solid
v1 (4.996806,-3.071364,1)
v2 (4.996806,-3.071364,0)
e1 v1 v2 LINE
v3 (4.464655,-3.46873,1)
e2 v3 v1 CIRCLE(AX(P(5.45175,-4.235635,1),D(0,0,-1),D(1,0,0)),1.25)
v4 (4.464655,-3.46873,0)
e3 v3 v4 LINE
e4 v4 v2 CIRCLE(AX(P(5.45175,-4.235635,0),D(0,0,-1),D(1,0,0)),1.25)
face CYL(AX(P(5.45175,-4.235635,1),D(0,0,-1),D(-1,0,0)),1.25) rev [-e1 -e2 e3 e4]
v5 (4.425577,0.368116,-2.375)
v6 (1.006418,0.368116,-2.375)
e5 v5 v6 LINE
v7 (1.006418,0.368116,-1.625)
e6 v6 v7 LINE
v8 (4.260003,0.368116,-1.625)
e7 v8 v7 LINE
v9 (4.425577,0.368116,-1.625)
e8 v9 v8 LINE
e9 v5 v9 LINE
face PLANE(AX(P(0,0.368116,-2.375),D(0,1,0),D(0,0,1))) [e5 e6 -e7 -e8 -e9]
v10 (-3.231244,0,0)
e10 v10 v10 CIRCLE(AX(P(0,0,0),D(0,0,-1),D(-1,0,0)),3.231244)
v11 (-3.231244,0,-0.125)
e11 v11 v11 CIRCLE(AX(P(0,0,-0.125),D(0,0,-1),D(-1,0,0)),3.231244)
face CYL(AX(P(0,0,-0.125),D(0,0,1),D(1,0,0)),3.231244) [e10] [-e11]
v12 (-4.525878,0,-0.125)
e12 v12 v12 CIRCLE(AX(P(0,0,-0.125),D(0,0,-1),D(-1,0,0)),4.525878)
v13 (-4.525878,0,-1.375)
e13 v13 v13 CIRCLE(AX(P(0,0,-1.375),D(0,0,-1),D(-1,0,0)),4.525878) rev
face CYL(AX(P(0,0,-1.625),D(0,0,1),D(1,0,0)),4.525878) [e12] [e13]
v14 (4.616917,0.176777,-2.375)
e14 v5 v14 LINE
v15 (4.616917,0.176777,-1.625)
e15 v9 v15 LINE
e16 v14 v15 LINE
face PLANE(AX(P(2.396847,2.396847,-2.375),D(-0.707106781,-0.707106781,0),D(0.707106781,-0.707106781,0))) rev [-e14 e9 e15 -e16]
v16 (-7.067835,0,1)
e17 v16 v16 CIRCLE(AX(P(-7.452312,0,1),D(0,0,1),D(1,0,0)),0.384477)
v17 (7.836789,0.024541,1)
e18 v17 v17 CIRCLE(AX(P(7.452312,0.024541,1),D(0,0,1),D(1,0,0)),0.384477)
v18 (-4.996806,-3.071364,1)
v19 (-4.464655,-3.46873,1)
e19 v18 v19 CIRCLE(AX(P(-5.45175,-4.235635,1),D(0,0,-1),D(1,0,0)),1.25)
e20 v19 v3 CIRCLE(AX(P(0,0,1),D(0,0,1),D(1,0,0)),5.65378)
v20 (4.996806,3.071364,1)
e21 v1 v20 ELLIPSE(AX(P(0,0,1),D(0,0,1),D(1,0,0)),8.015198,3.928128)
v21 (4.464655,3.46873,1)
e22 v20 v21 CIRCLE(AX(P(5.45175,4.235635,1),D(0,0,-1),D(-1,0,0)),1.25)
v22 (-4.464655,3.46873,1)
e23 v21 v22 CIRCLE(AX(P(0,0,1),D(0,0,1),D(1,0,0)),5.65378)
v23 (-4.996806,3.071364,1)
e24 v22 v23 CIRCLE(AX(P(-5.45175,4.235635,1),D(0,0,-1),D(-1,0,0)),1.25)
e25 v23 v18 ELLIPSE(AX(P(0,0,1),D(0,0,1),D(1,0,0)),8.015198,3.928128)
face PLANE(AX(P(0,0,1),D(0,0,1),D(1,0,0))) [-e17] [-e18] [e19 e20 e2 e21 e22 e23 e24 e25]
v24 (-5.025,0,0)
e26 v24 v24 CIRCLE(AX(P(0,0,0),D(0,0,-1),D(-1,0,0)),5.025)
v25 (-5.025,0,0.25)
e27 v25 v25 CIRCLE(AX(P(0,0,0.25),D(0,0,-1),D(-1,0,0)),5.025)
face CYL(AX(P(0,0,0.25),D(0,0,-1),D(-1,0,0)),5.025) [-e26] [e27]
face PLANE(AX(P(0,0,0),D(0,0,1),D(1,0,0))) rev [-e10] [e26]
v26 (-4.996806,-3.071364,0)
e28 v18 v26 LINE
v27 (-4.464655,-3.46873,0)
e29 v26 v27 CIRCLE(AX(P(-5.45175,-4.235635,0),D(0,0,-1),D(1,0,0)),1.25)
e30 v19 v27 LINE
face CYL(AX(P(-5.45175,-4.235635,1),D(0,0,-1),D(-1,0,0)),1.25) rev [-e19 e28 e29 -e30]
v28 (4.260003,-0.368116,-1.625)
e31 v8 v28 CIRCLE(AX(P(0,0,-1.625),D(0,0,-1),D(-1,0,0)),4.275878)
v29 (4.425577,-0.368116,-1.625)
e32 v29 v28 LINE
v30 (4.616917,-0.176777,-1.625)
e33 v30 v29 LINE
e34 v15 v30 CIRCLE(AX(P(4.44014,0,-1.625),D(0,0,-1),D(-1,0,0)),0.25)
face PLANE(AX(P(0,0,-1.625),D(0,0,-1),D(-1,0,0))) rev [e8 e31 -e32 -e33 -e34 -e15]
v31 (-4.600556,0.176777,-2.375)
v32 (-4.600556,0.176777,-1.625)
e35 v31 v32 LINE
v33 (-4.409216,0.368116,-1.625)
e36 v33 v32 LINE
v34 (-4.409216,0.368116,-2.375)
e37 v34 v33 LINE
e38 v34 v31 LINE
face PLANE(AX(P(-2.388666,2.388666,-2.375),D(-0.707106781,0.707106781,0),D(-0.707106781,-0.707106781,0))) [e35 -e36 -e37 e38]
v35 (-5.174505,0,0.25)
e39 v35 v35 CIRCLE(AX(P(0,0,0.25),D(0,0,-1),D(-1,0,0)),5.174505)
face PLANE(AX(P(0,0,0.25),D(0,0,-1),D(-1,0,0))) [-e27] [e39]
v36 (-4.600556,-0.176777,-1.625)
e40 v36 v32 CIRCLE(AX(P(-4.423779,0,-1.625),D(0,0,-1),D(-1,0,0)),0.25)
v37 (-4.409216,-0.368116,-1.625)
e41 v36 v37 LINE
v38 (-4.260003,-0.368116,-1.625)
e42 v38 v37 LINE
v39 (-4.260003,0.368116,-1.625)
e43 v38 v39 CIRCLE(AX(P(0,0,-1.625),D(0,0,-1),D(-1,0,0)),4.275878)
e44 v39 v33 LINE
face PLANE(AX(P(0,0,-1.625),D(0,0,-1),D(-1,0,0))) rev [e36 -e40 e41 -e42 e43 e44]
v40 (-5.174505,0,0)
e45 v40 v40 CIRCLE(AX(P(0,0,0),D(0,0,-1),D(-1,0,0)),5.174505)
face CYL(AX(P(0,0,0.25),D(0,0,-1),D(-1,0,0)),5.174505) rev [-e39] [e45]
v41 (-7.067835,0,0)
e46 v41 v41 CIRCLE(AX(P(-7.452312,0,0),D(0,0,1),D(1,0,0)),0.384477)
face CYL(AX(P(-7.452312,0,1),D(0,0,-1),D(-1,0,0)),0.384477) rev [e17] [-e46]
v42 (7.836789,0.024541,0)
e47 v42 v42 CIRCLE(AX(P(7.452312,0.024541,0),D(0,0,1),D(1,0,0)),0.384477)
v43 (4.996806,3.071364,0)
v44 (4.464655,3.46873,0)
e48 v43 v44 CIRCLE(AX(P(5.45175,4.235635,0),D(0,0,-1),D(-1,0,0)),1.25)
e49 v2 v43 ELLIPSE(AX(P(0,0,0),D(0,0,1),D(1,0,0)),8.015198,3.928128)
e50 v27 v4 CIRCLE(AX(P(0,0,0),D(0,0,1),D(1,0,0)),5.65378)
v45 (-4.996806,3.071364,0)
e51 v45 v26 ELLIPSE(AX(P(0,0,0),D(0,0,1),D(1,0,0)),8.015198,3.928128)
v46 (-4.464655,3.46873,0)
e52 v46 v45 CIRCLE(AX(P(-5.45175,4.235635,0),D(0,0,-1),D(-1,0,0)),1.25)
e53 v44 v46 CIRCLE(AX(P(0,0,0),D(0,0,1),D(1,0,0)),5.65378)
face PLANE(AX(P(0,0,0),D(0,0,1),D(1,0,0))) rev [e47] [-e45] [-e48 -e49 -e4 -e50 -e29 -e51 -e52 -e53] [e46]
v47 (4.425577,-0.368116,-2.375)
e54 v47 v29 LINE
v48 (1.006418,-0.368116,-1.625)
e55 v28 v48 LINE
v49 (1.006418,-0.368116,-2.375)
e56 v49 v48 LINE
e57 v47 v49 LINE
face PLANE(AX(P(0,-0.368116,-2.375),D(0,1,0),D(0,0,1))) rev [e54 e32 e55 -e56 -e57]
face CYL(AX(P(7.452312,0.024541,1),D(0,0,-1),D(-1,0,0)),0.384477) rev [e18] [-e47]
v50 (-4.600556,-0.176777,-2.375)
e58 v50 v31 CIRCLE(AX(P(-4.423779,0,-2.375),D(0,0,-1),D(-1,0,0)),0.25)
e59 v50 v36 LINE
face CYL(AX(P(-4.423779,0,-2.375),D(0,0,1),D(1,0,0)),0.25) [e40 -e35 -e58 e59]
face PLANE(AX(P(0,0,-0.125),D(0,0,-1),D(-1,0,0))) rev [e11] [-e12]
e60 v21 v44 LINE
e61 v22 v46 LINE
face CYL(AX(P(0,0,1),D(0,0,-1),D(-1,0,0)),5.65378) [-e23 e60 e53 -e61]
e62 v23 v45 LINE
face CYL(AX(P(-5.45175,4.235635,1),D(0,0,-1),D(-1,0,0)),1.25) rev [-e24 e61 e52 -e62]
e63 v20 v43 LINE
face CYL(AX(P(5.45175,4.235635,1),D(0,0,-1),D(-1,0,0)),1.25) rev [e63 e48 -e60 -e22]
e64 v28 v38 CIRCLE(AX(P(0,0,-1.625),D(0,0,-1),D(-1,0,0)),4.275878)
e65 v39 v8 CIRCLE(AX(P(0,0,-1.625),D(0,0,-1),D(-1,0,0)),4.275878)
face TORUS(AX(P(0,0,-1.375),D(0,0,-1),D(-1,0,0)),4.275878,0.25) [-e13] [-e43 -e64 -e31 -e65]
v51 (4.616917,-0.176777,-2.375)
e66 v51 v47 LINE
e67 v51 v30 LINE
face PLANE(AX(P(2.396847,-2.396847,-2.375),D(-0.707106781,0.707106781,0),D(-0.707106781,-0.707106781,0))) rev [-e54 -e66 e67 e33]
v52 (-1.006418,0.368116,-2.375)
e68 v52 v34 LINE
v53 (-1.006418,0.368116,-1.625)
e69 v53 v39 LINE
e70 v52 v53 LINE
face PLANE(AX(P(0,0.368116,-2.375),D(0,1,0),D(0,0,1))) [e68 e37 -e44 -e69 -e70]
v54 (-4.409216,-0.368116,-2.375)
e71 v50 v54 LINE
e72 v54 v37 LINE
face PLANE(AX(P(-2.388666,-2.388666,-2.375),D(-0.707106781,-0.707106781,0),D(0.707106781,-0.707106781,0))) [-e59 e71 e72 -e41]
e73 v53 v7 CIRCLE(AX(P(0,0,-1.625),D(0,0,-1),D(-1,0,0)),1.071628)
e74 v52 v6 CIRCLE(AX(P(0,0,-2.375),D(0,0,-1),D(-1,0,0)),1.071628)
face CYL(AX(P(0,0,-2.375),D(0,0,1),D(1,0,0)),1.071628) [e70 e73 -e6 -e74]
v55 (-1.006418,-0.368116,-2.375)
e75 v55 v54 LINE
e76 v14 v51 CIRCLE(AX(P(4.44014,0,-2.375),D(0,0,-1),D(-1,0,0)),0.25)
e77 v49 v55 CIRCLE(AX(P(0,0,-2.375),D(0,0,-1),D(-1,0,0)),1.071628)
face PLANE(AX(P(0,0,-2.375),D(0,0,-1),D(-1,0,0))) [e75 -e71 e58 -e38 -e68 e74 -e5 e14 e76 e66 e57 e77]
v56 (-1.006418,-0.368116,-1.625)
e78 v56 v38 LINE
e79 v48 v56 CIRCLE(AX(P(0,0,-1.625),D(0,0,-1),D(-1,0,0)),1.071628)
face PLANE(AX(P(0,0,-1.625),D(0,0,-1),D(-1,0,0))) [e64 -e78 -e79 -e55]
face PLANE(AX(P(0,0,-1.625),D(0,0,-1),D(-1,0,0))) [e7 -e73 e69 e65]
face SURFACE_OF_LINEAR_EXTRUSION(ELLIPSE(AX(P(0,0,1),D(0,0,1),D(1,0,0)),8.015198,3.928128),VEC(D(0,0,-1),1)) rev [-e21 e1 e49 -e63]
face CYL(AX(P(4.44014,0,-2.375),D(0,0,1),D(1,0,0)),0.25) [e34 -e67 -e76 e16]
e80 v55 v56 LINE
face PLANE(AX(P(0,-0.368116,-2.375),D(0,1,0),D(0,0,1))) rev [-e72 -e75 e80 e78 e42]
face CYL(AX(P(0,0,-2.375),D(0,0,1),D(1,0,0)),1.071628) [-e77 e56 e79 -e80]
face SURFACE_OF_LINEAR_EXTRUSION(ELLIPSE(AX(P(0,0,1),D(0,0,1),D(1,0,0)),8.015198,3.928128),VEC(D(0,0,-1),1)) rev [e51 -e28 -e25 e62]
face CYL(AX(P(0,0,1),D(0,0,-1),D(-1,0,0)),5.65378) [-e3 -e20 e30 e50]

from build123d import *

# Parameters (mm, degrees)
SKETCH1_R           = 1.537908455
BOSS_EXTRUDE1_DEPTH = 4
SKETCH2_R           = 20.698021895
SKETCH2_R_2         = 20.1
CUT_EXTRUDE1_DEPTH  = 1
SKETCH3_R           = 12.92497531
BOSS_EXTRUDE2_DEPTH = 0.5
SKETCH4_R           = 18.103513597
BOSS_EXTRUDE3_DEPTH = 6
FILLET1_R           = 1
BOSS_EXTRUDE4_DEPTH = 3
SCALE2_SCALE        = 0.5
SCALE3_SCALE        = 0.5


with BuildPart() as part:
    # Sketch1 → Boss-Extrude1 (new body)
    with BuildSketch(Plane.XY):
        with BuildLine():
            ThreePointArc((-17.85861924, -13.874920024), (0, -22.615120756), (17.85861924, -13.874920024))
            ThreePointArc((17.85861924, -13.874920024), (18.815427461, -12.936233048), (19.987223835, -12.285457765))
            add(Edge.make_bspline(
                [(19.987223835, -12.285457765), (51.427576939, 0), (19.987223835, 12.285457765)],
                knots=[5.385493495, 5.385493495, 5.385493495, 7.180877119, 7.180877119, 7.180877119], degree=2, weights=[1, 0.623416377, 1]))
            ThreePointArc((19.987223835, 12.285457765), (18.815427461, 12.936233048), (17.85861924, 13.874920024))
            ThreePointArc((17.85861924, 13.874920024), (0, 22.615120756), (-17.85861924, 13.874920024))
            ThreePointArc((-17.85861924, 13.874920024), (-18.815427461, 12.936233048), (-19.987223835, 12.285457765))
            add(Edge.make_bspline(
                [(-19.987223835, 12.285457765), (-51.427576939, 0), (-19.987223835, -12.285457765)],
                knots=[2.243900842, 2.243900842, 2.243900842, 4.039284465, 4.039284465, 4.039284465], degree=2, weights=[1, 0.623416377, 1]))
            ThreePointArc((-19.987223835, -12.285457765), (-18.815427461, -12.936233048), (-17.85861924, -13.874920024))
        make_face()
        with Locations((-29.809246855, 0)):
            Circle(SKETCH1_R, mode=Mode.SUBTRACT)
        with Locations((29.809246855, 0.098164369)):
            Circle(SKETCH1_R, mode=Mode.SUBTRACT)
    extrude(amount=BOSS_EXTRUDE1_DEPTH)

    # Sketch2 → Cut-Extrude1 (cut)
    with BuildSketch(Plane(origin=(0, 0, 0), x_dir=(-1, 0, 0), z_dir=(0, 0, -1))):
        Circle(SKETCH2_R)
        Circle(SKETCH2_R_2, mode=Mode.SUBTRACT)
    extrude(amount=-CUT_EXTRUDE1_DEPTH, mode=Mode.SUBTRACT)

    # Sketch3 → Boss-Extrude2 (add)
    with BuildSketch(Plane(origin=(0, 0, 0), x_dir=(-1, 0, 0), z_dir=(0, 0, -1))):
        Circle(SKETCH3_R)
    extrude(amount=BOSS_EXTRUDE2_DEPTH)

    # Sketch4 → Boss-Extrude3 (add)
    with BuildSketch(Plane(origin=(0, 0, -0.5), x_dir=(-1, 0, 0), z_dir=(0, 0, -1))):
        Circle(SKETCH4_R)
    extrude(amount=BOSS_EXTRUDE3_DEPTH)

    # Fillet1
    fillet1_edges = [part.edges().sort_by_distance(p)[0] for p in [
        (18.103513597, 0, -6.5),
    ]]
    fillet(fillet1_edges, radius=FILLET1_R)

    # Sketch5 → Boss-Extrude4 (add)
    with BuildSketch(Plane(origin=(0, 0, -6.5), x_dir=(-1, 0, 0), z_dir=(0, 0, -1))):
        with BuildLine():
            Line((-4.025670138, 1.472465542), (-17.702307957, 1.472465542))
            Line((-17.702307957, 1.472465542), (-18.467666717, 0.707106781))
            ThreePointArc((-18.467666717, 0.707106781), (-18.760559936, 0), (-18.467666717, -0.707106781))
            Line((-18.467666717, -0.707106781), (-17.702307957, -1.472465542))
            Line((-17.702307957, -1.472465542), (-4.025670138, -1.472465542))
            ThreePointArc((-4.025670138, -1.472465542), (0, -4.286510799), (4.025670138, -1.472465542))
            Line((4.025670138, -1.472465542), (17.636865044, -1.472465542))
            Line((17.636865044, -1.472465542), (18.402223804, -0.707106781))
            ThreePointArc((18.402223804, -0.707106781), (18.695117023, 0), (18.402223804, 0.707106781))
            Line((18.402223804, 0.707106781), (17.636865044, 1.472465542))
            Line((17.636865044, 1.472465542), (4.025670138, 1.472465542))
            ThreePointArc((4.025670138, 1.472465542), (0, 4.286510799), (-4.025670138, 1.472465542))
        make_face()
    extrude(amount=BOSS_EXTRUDE4_DEPTH)


with BuildPart() as part_1:
    # Scale2: scaled about (0, 0, 0)
    add(part.part.scale(SCALE2_SCALE))


with BuildPart() as part_2:
    # Scale3: scaled about (0, 0, 0)
    add(part_1.part.scale(SCALE3_SCALE))


solid = part_2.part
